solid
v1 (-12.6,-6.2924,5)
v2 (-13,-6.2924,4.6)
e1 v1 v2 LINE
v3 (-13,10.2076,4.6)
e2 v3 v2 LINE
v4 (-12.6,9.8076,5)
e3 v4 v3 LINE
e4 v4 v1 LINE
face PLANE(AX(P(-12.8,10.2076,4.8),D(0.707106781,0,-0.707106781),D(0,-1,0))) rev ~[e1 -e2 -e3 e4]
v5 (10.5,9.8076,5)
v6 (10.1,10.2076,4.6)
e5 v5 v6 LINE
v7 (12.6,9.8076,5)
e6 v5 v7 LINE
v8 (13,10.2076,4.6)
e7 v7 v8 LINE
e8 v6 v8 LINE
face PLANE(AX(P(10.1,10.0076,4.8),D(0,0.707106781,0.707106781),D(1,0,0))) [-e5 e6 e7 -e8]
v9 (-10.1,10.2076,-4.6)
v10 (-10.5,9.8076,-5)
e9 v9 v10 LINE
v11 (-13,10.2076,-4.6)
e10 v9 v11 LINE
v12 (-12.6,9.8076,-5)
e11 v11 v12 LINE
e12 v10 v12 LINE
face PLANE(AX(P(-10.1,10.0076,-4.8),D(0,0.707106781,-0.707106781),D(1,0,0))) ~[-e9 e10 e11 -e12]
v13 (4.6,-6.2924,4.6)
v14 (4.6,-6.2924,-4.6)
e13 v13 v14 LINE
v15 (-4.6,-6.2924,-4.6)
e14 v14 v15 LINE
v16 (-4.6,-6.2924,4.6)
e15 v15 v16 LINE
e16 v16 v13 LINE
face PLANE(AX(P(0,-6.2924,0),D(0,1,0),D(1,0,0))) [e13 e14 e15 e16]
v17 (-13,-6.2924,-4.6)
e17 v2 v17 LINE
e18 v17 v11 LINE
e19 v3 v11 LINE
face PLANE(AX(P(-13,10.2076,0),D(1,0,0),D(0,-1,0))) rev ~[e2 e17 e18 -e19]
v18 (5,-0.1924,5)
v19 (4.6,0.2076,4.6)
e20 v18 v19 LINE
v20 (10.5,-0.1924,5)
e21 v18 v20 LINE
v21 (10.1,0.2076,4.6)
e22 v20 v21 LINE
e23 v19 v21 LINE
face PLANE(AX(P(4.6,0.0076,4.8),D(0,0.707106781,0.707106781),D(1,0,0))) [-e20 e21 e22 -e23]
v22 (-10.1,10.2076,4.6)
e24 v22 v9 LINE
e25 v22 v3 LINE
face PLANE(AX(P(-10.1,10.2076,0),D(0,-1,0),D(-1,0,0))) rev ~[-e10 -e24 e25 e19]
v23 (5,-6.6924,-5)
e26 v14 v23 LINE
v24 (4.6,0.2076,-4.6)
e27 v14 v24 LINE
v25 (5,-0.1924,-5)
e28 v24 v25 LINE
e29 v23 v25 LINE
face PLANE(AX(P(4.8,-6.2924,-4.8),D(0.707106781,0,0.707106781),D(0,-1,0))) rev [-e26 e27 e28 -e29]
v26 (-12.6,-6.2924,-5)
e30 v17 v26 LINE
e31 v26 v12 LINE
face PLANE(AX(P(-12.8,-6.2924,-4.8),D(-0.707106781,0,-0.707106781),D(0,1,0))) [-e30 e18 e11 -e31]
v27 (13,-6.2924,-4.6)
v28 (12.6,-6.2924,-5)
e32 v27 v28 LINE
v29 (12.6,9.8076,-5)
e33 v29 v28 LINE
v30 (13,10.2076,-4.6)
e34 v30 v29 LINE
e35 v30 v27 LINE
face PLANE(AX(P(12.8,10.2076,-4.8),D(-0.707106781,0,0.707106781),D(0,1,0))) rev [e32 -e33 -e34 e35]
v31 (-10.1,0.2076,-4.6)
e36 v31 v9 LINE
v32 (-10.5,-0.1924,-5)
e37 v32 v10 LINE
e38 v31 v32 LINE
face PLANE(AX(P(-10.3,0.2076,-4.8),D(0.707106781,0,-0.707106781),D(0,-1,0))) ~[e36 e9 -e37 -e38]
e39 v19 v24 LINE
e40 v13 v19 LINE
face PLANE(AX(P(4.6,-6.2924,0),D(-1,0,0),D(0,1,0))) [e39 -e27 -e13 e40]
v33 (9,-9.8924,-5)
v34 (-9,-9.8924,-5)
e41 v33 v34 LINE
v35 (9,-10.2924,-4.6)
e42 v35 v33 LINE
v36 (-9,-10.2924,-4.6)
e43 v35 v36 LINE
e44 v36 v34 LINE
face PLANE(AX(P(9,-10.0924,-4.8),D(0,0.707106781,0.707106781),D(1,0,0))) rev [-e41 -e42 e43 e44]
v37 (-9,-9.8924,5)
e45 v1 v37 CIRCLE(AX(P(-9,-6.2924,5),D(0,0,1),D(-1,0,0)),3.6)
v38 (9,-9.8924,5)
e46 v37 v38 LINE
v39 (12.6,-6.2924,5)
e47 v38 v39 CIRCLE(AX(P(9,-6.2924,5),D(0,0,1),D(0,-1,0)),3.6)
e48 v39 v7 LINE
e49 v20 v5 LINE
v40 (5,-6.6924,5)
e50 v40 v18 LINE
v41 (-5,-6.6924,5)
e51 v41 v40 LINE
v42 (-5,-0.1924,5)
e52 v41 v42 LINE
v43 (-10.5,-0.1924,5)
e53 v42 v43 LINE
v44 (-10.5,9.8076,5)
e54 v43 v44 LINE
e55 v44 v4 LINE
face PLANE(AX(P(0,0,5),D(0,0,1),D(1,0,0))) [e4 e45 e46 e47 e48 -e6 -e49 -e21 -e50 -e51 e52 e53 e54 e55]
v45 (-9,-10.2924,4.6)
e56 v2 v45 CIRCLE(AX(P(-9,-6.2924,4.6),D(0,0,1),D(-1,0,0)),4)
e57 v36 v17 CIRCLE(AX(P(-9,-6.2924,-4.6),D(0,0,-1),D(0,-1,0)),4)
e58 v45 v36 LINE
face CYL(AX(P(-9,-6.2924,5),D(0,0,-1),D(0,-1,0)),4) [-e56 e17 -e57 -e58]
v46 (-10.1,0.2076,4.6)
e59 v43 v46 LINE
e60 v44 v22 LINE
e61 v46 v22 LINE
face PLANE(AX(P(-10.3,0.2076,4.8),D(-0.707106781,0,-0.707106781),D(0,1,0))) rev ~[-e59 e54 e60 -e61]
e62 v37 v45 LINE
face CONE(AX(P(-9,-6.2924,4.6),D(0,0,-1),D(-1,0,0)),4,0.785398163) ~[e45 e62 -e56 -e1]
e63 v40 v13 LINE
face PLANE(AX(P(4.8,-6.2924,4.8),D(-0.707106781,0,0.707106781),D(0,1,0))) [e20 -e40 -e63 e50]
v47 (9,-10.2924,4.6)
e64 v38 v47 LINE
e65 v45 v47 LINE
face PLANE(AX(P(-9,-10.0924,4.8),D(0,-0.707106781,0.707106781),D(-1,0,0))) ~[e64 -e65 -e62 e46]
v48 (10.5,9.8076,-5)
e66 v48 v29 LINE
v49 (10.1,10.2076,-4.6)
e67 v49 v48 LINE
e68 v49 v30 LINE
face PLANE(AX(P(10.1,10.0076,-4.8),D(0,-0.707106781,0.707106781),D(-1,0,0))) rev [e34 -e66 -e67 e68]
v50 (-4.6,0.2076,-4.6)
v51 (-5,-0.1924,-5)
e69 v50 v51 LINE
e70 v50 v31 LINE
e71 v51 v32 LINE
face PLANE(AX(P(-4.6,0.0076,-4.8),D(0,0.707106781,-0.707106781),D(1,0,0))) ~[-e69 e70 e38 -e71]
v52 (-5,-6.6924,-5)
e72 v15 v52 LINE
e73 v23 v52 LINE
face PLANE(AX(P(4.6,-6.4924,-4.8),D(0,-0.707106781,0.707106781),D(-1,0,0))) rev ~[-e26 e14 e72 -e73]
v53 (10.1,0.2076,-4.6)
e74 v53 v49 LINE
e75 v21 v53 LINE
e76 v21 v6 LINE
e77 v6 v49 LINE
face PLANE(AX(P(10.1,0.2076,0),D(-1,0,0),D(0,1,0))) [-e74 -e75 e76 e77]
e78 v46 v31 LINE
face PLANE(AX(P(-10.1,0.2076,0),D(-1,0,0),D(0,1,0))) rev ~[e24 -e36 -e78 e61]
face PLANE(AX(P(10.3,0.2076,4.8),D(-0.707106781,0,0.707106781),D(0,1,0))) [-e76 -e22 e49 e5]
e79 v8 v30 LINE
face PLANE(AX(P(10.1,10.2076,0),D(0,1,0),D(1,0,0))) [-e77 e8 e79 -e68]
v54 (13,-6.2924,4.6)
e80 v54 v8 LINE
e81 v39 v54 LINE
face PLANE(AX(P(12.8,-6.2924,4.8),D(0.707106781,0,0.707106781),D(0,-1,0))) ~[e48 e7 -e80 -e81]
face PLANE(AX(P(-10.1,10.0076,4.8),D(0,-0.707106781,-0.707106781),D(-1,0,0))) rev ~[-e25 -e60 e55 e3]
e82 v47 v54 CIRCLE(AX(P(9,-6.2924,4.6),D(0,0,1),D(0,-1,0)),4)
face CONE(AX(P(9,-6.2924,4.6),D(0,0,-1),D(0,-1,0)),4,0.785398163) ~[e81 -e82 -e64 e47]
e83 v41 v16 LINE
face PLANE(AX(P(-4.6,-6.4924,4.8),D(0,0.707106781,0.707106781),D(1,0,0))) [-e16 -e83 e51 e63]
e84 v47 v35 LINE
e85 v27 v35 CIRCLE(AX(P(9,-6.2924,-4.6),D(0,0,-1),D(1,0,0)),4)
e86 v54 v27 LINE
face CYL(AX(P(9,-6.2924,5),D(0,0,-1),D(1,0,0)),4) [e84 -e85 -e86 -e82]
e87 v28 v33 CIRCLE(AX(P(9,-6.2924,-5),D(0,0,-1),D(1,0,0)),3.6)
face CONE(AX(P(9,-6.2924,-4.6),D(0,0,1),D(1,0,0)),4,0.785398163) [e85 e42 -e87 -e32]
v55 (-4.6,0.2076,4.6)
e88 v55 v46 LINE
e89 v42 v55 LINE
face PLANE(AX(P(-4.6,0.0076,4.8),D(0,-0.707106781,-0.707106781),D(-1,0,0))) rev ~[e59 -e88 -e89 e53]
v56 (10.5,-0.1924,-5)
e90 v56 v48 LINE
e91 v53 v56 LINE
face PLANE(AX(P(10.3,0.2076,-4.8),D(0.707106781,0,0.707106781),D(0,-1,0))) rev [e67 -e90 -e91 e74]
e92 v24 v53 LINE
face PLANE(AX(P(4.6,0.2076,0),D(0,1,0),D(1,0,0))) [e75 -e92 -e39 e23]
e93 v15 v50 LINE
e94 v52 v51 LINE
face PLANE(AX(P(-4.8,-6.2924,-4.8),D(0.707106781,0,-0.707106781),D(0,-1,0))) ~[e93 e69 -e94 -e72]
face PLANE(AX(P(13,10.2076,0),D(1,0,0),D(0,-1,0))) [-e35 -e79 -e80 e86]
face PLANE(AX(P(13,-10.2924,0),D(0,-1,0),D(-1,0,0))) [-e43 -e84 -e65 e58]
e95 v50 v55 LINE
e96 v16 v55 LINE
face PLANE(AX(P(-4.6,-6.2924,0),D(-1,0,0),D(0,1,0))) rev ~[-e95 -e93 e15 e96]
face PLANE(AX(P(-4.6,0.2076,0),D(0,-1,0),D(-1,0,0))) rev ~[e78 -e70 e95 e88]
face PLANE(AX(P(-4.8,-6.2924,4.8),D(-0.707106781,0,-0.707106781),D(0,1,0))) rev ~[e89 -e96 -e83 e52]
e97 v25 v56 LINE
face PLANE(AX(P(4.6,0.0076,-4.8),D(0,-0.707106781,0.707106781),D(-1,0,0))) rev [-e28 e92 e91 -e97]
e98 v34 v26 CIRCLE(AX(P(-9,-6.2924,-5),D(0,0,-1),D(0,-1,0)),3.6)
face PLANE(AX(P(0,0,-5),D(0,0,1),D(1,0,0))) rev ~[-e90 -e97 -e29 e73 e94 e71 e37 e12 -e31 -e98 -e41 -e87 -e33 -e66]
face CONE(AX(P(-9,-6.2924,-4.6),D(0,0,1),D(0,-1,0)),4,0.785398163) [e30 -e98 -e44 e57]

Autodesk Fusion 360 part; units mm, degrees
sketch "Sketch1" plane through (0, 0, 0) normal (0, 0, 1) x (1, 0, 0) in component "rail_installation_guide_center_x2"
  line L0 (0, -6.2924) -> (-4.6, -6.2924)
  line L1 (-4.6, -6.2924) -> (-4.6, 0.2076)
  line L2 (-4.6, 0.2076) -> (-10.1, 0.2076)
  line L3 (-10.1, 0.2076) -> (-10.1, 10.2076)
  line L4 (-10.1, 10.2076) -> (-13, 10.2076)
  line L5 (-13, 10.2076) -> (-13, -10.2924)
  line L6 (-13, -10.2924) -> (0, -10.2924)
  line L7 (0, -13) -> (0, 13) construction
  line L8 (0, -6.2924) -> (4.6, -6.2924)
  line L9 (4.6, -6.2924) -> (4.6, 0.2076)
  line L10 (4.6, 0.2076) -> (10.1, 0.2076)
  line L11 (10.1, 0.2076) -> (10.1, 10.2076)
  line L12 (10.1, 10.2076) -> (13, 10.2076)
  line L13 (13, 10.2076) -> (13, -10.2924)
  line L14 (13, -10.2924) -> (0, -10.2924)
  dimension "d9" = 4.6
  dimension "d10" = 6.5
  dimension "d11" = 10
  dimension "d13" = 2.9
  dimension "d14" = 4
  dimension "d15" = 10.1
extrude "Extrude1" add sketch "Sketch1" along normal mid plane 10 in component "rail_installation_guide_center_x2"
fillet "Fillet1" radius 4 2 edges at (-13, -10.2924, 0) (13, -10.2924, 0) in component "rail_installation_guide_center_x2"
chamfer "Chamfer1" distance 0.4 angle 45 28 edges at (-13, 1.9576, 5) (-11.8284, -9.1208, 5) (0, -10.2924, 5) (11.8284, -9.1208, 5) (13, 1.9576, 5) (-11.55, 10.2076, 5) (-10.1, 5.2076, 5) (-7.35, 0.2076, 5) (-4.6, -3.0424, 5) (0, -6.2924, 5) (4.6, -3.0424, 5) (7.35, 0.2076, 5) (10.1, 5.2076, 5) (11.55, 10.2076, 5) (11.55, 10.2076, -5) (13, 1.9576, -5) (11.8284, -9.1208, -5) (0, -10.2924, -5) (-11.8284, -9.1208, -5) (-13, 1.9576, -5) (-11.55, 10.2076, -5) (-10.1, 5.2076, -5) (-7.35, 0.2076, -5) (-4.6, -3.0424, -5) (0, -6.2924, -5) (4.6, -3.0424, -5) (7.35, 0.2076, -5) (10.1, 5.2076, -5) in component "rail_installation_guide_center_x2"
component "rail_installation_guide_center_x2" placed x (1, 0, 0) y (0, 1, 0) z (0, 0, 1) at (0, 0, 0)
equation "rail_width = 9.0 mm"
equation "tolerance = 0.2 mm"
equation "extrusion_width = 20.00 mm"
equation "arm_length = 10 mm"
equation "rail_depth = 6.5 mm"
equation "tool_thickness = 4 mm"
equation "corner_fillet = 4 mm"
equation "chamfer = 0.4 mm"
equation "d9 = ( rail_width + tolerance ) / 2"
equation "d10 = rail_depth"
equation "d11 = arm_length"
equation "arm_width = 2.9 mm"
equation "d13 = arm_width"
equation "d14 = tool_thickness"
equation "d15 = ( extrusion_width + tolerance ) / 2"
equation "d16 = tool_width / 2"
equation "tool_width = 10 mm"
equation "d20 = corner_fillet"
equation "d21 = chamfer"
